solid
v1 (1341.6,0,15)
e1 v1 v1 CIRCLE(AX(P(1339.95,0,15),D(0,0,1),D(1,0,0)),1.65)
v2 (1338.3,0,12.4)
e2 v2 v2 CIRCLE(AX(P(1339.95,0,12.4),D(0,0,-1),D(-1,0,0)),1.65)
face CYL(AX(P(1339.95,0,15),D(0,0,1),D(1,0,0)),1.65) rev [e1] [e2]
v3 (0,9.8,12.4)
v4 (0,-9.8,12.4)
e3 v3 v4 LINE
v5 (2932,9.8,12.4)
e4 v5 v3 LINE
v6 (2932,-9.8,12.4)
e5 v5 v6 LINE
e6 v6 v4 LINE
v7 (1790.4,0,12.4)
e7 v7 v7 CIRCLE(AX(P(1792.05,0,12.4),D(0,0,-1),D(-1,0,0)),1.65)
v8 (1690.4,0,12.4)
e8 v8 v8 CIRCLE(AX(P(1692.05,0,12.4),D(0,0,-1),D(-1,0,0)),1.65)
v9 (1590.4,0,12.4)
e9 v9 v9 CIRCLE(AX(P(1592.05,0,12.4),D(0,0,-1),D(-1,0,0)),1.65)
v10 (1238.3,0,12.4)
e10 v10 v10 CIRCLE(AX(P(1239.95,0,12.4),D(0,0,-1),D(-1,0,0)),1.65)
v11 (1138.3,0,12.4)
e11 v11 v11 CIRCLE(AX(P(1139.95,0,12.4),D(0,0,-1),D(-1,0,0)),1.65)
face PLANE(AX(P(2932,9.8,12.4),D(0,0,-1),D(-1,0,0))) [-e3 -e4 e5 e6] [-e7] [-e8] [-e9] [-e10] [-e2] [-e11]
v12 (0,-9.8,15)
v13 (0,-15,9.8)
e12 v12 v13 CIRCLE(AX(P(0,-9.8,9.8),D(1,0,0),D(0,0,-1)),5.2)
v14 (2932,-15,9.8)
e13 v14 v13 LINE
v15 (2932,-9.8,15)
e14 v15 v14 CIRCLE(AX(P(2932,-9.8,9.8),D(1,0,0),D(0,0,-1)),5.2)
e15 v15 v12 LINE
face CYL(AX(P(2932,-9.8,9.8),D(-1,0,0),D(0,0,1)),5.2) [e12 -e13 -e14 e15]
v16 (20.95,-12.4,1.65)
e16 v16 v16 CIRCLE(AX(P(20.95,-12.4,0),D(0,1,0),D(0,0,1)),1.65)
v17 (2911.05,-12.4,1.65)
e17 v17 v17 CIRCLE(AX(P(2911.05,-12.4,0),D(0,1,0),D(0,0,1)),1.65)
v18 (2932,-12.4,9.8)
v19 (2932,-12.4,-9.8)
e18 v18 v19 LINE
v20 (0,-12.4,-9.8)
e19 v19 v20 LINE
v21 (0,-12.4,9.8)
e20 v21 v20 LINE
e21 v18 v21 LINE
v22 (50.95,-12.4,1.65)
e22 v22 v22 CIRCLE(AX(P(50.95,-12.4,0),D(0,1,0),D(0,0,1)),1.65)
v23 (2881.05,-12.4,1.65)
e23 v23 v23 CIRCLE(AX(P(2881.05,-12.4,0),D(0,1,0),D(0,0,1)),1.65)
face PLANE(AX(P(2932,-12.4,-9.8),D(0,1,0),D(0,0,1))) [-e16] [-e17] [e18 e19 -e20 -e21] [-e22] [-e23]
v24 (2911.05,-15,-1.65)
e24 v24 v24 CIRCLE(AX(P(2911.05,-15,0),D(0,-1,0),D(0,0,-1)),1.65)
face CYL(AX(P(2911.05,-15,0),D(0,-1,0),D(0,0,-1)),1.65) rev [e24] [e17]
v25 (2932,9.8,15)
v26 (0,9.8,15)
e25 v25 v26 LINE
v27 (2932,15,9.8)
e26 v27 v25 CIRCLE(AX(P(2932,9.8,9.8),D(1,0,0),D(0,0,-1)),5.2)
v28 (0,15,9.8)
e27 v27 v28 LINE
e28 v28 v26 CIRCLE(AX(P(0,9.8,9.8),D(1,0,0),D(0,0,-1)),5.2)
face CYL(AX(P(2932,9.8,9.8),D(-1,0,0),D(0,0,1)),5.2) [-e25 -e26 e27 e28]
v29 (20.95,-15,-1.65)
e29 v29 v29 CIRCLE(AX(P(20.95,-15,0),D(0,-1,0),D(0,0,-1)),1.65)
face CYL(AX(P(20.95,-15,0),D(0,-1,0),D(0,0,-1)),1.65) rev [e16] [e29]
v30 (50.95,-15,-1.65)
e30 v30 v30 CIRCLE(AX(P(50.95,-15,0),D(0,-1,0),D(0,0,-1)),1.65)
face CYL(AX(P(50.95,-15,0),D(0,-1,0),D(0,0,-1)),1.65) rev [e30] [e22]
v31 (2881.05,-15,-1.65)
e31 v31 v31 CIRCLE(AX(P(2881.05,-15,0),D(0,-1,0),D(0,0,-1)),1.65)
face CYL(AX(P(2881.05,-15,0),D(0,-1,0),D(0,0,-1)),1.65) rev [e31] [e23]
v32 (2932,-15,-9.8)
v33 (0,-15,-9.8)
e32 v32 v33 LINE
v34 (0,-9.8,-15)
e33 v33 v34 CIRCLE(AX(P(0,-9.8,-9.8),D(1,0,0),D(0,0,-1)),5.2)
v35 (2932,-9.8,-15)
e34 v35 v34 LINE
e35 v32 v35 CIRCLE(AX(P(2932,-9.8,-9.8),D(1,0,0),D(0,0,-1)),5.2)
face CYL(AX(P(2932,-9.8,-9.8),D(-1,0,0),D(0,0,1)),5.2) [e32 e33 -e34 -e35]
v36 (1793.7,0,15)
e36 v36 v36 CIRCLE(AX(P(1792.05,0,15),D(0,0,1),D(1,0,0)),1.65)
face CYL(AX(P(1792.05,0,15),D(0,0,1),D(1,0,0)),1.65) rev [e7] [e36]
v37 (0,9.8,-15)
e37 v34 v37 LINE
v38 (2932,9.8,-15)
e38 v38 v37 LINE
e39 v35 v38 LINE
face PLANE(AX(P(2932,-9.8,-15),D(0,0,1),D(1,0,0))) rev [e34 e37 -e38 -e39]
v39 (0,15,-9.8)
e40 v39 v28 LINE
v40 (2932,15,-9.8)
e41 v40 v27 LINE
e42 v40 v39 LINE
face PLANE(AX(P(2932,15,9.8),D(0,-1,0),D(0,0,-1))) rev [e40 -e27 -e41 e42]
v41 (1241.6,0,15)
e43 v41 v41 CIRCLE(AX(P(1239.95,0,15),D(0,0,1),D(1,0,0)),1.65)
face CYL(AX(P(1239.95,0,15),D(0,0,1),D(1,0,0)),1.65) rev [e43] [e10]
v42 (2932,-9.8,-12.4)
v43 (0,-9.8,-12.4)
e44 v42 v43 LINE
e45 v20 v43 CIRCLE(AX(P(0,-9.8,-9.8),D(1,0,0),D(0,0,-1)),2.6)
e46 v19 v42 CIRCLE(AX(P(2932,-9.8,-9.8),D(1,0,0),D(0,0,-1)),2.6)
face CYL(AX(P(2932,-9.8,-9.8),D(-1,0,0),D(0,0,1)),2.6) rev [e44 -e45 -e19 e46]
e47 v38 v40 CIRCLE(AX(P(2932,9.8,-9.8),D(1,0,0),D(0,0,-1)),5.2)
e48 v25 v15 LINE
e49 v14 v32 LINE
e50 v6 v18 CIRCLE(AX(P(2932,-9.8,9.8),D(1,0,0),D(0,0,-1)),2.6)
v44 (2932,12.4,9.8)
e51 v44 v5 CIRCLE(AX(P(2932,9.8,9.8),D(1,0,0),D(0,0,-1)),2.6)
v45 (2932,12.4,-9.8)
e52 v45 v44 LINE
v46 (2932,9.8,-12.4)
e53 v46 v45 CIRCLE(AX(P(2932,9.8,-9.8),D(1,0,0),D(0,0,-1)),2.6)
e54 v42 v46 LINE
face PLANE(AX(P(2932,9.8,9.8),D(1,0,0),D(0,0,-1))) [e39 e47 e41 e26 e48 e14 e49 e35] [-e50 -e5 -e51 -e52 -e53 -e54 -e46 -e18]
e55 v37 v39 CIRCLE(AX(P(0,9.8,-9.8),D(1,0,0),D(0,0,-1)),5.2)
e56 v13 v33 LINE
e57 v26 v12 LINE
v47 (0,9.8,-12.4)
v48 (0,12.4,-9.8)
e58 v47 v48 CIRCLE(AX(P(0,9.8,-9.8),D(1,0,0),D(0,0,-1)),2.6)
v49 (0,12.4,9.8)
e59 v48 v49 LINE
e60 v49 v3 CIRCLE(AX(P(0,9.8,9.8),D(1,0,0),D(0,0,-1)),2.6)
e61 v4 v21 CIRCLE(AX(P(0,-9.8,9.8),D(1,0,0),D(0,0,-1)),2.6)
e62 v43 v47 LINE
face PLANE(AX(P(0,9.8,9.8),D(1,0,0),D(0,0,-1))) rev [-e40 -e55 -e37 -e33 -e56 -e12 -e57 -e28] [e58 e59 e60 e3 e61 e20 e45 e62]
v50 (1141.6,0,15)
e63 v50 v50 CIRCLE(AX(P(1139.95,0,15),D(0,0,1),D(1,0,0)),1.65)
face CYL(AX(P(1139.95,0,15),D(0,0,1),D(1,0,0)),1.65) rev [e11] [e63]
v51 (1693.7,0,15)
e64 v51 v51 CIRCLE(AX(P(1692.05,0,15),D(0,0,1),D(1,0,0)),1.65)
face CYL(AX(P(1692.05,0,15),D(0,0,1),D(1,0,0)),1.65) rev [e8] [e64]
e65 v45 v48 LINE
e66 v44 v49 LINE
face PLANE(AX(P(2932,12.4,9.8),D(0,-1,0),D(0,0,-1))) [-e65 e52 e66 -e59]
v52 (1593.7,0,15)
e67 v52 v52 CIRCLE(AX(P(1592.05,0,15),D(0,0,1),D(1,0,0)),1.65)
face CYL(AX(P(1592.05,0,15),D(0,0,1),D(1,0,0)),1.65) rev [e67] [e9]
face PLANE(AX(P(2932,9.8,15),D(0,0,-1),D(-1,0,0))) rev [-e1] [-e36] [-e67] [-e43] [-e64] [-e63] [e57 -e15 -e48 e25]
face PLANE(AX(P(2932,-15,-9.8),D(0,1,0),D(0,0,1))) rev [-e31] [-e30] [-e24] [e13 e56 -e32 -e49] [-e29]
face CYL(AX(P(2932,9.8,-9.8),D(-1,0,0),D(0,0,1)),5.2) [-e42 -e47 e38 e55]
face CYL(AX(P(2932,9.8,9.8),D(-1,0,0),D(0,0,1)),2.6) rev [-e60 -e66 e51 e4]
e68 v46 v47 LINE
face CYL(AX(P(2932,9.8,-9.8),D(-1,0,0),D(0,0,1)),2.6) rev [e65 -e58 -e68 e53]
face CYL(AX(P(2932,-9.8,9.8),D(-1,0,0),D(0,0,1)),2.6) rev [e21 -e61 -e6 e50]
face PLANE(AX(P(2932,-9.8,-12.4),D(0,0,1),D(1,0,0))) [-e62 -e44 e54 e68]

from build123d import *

# Parameters (mm, degrees)
MEMBER_1_DEPTH         = 2932
HOLE_WIZARD_M4_1_D     = 3.3
HOLE_WIZARD_M4_1_DEPTH = 10.1
HOLE_WIZARD_M4_1_TIP   = 0.991420021
HOLE_WIZARD_M4_2_D     = 3.3
HOLE_WIZARD_M4_2_DEPTH = 10.1
HOLE_WIZARD_M4_2_TIP   = 0.991420021


with BuildPart() as part:
    # Sketch1 → Member 1 (new body)
    with BuildSketch(Plane.YZ):
        with BuildLine():
            Line((-9.8, -15), (9.8, -15))
            ThreePointArc((9.8, -15), (13.476955262, -13.476955262), (15, -9.8))
            Line((15, -9.8), (15, 9.8))
            ThreePointArc((15, 9.8), (13.476955262, 13.476955262), (9.8, 15))
            Line((9.8, 15), (-9.8, 15))
            ThreePointArc((-9.8, 15), (-13.476955262, 13.476955262), (-15, 9.8))
            Line((-15, 9.8), (-15, -9.8))
            ThreePointArc((-15, -9.8), (-13.476955262, -13.476955262), (-9.8, -15))
        make_face()
        with BuildLine():
            Line((-9.8, -12.4), (9.8, -12.4))
            ThreePointArc((9.8, -12.4), (11.638477631, -11.638477631), (12.4, -9.8))
            Line((12.4, -9.8), (12.4, 9.8))
            ThreePointArc((12.4, 9.8), (11.638477631, 11.638477631), (9.8, 12.4))
            Line((9.8, 12.4), (-9.8, 12.4))
            ThreePointArc((-9.8, 12.4), (-11.638477631, 11.638477631), (-12.4, 9.8))
            Line((-12.4, 9.8), (-12.4, -9.8))
            ThreePointArc((-12.4, -9.8), (-11.638477631, -11.638477631), (-9.8, -12.4))
        make_face(mode=Mode.SUBTRACT)
    extrude(amount=MEMBER_1_DEPTH)

    # M4 螺纹孔1
    with Locations(Plane(origin=(0, -15, 0), x_dir=(-1, 0, 0), z_dir=(0, -1, 0))):
        with Locations((-20.95, 0), (-50.95, 0), (-2881.05, 0), (-2911.05, 0)):
            Hole(HOLE_WIZARD_M4_1_D / 2, depth=HOLE_WIZARD_M4_1_DEPTH)
            with Locations((0, 0, -(HOLE_WIZARD_M4_1_DEPTH + HOLE_WIZARD_M4_1_TIP / 2))):  # 118° drill point
                Cone(0, HOLE_WIZARD_M4_1_D / 2, HOLE_WIZARD_M4_1_TIP, mode=Mode.SUBTRACT)

    # M4 螺纹孔2
    with Locations(Plane.XY.offset(15)):
        with Locations((1139.95, 0), (1239.95, 0), (1339.95, 0), (1592.05, 0), (1692.05, 0), (1792.05, 0)):
            Hole(HOLE_WIZARD_M4_2_D / 2, depth=HOLE_WIZARD_M4_2_DEPTH)
            with Locations((0, 0, -(HOLE_WIZARD_M4_2_DEPTH + HOLE_WIZARD_M4_2_TIP / 2))):  # 118° drill point
                Cone(0, HOLE_WIZARD_M4_2_D / 2, HOLE_WIZARD_M4_2_TIP, mode=Mode.SUBTRACT)


solid = part.part
